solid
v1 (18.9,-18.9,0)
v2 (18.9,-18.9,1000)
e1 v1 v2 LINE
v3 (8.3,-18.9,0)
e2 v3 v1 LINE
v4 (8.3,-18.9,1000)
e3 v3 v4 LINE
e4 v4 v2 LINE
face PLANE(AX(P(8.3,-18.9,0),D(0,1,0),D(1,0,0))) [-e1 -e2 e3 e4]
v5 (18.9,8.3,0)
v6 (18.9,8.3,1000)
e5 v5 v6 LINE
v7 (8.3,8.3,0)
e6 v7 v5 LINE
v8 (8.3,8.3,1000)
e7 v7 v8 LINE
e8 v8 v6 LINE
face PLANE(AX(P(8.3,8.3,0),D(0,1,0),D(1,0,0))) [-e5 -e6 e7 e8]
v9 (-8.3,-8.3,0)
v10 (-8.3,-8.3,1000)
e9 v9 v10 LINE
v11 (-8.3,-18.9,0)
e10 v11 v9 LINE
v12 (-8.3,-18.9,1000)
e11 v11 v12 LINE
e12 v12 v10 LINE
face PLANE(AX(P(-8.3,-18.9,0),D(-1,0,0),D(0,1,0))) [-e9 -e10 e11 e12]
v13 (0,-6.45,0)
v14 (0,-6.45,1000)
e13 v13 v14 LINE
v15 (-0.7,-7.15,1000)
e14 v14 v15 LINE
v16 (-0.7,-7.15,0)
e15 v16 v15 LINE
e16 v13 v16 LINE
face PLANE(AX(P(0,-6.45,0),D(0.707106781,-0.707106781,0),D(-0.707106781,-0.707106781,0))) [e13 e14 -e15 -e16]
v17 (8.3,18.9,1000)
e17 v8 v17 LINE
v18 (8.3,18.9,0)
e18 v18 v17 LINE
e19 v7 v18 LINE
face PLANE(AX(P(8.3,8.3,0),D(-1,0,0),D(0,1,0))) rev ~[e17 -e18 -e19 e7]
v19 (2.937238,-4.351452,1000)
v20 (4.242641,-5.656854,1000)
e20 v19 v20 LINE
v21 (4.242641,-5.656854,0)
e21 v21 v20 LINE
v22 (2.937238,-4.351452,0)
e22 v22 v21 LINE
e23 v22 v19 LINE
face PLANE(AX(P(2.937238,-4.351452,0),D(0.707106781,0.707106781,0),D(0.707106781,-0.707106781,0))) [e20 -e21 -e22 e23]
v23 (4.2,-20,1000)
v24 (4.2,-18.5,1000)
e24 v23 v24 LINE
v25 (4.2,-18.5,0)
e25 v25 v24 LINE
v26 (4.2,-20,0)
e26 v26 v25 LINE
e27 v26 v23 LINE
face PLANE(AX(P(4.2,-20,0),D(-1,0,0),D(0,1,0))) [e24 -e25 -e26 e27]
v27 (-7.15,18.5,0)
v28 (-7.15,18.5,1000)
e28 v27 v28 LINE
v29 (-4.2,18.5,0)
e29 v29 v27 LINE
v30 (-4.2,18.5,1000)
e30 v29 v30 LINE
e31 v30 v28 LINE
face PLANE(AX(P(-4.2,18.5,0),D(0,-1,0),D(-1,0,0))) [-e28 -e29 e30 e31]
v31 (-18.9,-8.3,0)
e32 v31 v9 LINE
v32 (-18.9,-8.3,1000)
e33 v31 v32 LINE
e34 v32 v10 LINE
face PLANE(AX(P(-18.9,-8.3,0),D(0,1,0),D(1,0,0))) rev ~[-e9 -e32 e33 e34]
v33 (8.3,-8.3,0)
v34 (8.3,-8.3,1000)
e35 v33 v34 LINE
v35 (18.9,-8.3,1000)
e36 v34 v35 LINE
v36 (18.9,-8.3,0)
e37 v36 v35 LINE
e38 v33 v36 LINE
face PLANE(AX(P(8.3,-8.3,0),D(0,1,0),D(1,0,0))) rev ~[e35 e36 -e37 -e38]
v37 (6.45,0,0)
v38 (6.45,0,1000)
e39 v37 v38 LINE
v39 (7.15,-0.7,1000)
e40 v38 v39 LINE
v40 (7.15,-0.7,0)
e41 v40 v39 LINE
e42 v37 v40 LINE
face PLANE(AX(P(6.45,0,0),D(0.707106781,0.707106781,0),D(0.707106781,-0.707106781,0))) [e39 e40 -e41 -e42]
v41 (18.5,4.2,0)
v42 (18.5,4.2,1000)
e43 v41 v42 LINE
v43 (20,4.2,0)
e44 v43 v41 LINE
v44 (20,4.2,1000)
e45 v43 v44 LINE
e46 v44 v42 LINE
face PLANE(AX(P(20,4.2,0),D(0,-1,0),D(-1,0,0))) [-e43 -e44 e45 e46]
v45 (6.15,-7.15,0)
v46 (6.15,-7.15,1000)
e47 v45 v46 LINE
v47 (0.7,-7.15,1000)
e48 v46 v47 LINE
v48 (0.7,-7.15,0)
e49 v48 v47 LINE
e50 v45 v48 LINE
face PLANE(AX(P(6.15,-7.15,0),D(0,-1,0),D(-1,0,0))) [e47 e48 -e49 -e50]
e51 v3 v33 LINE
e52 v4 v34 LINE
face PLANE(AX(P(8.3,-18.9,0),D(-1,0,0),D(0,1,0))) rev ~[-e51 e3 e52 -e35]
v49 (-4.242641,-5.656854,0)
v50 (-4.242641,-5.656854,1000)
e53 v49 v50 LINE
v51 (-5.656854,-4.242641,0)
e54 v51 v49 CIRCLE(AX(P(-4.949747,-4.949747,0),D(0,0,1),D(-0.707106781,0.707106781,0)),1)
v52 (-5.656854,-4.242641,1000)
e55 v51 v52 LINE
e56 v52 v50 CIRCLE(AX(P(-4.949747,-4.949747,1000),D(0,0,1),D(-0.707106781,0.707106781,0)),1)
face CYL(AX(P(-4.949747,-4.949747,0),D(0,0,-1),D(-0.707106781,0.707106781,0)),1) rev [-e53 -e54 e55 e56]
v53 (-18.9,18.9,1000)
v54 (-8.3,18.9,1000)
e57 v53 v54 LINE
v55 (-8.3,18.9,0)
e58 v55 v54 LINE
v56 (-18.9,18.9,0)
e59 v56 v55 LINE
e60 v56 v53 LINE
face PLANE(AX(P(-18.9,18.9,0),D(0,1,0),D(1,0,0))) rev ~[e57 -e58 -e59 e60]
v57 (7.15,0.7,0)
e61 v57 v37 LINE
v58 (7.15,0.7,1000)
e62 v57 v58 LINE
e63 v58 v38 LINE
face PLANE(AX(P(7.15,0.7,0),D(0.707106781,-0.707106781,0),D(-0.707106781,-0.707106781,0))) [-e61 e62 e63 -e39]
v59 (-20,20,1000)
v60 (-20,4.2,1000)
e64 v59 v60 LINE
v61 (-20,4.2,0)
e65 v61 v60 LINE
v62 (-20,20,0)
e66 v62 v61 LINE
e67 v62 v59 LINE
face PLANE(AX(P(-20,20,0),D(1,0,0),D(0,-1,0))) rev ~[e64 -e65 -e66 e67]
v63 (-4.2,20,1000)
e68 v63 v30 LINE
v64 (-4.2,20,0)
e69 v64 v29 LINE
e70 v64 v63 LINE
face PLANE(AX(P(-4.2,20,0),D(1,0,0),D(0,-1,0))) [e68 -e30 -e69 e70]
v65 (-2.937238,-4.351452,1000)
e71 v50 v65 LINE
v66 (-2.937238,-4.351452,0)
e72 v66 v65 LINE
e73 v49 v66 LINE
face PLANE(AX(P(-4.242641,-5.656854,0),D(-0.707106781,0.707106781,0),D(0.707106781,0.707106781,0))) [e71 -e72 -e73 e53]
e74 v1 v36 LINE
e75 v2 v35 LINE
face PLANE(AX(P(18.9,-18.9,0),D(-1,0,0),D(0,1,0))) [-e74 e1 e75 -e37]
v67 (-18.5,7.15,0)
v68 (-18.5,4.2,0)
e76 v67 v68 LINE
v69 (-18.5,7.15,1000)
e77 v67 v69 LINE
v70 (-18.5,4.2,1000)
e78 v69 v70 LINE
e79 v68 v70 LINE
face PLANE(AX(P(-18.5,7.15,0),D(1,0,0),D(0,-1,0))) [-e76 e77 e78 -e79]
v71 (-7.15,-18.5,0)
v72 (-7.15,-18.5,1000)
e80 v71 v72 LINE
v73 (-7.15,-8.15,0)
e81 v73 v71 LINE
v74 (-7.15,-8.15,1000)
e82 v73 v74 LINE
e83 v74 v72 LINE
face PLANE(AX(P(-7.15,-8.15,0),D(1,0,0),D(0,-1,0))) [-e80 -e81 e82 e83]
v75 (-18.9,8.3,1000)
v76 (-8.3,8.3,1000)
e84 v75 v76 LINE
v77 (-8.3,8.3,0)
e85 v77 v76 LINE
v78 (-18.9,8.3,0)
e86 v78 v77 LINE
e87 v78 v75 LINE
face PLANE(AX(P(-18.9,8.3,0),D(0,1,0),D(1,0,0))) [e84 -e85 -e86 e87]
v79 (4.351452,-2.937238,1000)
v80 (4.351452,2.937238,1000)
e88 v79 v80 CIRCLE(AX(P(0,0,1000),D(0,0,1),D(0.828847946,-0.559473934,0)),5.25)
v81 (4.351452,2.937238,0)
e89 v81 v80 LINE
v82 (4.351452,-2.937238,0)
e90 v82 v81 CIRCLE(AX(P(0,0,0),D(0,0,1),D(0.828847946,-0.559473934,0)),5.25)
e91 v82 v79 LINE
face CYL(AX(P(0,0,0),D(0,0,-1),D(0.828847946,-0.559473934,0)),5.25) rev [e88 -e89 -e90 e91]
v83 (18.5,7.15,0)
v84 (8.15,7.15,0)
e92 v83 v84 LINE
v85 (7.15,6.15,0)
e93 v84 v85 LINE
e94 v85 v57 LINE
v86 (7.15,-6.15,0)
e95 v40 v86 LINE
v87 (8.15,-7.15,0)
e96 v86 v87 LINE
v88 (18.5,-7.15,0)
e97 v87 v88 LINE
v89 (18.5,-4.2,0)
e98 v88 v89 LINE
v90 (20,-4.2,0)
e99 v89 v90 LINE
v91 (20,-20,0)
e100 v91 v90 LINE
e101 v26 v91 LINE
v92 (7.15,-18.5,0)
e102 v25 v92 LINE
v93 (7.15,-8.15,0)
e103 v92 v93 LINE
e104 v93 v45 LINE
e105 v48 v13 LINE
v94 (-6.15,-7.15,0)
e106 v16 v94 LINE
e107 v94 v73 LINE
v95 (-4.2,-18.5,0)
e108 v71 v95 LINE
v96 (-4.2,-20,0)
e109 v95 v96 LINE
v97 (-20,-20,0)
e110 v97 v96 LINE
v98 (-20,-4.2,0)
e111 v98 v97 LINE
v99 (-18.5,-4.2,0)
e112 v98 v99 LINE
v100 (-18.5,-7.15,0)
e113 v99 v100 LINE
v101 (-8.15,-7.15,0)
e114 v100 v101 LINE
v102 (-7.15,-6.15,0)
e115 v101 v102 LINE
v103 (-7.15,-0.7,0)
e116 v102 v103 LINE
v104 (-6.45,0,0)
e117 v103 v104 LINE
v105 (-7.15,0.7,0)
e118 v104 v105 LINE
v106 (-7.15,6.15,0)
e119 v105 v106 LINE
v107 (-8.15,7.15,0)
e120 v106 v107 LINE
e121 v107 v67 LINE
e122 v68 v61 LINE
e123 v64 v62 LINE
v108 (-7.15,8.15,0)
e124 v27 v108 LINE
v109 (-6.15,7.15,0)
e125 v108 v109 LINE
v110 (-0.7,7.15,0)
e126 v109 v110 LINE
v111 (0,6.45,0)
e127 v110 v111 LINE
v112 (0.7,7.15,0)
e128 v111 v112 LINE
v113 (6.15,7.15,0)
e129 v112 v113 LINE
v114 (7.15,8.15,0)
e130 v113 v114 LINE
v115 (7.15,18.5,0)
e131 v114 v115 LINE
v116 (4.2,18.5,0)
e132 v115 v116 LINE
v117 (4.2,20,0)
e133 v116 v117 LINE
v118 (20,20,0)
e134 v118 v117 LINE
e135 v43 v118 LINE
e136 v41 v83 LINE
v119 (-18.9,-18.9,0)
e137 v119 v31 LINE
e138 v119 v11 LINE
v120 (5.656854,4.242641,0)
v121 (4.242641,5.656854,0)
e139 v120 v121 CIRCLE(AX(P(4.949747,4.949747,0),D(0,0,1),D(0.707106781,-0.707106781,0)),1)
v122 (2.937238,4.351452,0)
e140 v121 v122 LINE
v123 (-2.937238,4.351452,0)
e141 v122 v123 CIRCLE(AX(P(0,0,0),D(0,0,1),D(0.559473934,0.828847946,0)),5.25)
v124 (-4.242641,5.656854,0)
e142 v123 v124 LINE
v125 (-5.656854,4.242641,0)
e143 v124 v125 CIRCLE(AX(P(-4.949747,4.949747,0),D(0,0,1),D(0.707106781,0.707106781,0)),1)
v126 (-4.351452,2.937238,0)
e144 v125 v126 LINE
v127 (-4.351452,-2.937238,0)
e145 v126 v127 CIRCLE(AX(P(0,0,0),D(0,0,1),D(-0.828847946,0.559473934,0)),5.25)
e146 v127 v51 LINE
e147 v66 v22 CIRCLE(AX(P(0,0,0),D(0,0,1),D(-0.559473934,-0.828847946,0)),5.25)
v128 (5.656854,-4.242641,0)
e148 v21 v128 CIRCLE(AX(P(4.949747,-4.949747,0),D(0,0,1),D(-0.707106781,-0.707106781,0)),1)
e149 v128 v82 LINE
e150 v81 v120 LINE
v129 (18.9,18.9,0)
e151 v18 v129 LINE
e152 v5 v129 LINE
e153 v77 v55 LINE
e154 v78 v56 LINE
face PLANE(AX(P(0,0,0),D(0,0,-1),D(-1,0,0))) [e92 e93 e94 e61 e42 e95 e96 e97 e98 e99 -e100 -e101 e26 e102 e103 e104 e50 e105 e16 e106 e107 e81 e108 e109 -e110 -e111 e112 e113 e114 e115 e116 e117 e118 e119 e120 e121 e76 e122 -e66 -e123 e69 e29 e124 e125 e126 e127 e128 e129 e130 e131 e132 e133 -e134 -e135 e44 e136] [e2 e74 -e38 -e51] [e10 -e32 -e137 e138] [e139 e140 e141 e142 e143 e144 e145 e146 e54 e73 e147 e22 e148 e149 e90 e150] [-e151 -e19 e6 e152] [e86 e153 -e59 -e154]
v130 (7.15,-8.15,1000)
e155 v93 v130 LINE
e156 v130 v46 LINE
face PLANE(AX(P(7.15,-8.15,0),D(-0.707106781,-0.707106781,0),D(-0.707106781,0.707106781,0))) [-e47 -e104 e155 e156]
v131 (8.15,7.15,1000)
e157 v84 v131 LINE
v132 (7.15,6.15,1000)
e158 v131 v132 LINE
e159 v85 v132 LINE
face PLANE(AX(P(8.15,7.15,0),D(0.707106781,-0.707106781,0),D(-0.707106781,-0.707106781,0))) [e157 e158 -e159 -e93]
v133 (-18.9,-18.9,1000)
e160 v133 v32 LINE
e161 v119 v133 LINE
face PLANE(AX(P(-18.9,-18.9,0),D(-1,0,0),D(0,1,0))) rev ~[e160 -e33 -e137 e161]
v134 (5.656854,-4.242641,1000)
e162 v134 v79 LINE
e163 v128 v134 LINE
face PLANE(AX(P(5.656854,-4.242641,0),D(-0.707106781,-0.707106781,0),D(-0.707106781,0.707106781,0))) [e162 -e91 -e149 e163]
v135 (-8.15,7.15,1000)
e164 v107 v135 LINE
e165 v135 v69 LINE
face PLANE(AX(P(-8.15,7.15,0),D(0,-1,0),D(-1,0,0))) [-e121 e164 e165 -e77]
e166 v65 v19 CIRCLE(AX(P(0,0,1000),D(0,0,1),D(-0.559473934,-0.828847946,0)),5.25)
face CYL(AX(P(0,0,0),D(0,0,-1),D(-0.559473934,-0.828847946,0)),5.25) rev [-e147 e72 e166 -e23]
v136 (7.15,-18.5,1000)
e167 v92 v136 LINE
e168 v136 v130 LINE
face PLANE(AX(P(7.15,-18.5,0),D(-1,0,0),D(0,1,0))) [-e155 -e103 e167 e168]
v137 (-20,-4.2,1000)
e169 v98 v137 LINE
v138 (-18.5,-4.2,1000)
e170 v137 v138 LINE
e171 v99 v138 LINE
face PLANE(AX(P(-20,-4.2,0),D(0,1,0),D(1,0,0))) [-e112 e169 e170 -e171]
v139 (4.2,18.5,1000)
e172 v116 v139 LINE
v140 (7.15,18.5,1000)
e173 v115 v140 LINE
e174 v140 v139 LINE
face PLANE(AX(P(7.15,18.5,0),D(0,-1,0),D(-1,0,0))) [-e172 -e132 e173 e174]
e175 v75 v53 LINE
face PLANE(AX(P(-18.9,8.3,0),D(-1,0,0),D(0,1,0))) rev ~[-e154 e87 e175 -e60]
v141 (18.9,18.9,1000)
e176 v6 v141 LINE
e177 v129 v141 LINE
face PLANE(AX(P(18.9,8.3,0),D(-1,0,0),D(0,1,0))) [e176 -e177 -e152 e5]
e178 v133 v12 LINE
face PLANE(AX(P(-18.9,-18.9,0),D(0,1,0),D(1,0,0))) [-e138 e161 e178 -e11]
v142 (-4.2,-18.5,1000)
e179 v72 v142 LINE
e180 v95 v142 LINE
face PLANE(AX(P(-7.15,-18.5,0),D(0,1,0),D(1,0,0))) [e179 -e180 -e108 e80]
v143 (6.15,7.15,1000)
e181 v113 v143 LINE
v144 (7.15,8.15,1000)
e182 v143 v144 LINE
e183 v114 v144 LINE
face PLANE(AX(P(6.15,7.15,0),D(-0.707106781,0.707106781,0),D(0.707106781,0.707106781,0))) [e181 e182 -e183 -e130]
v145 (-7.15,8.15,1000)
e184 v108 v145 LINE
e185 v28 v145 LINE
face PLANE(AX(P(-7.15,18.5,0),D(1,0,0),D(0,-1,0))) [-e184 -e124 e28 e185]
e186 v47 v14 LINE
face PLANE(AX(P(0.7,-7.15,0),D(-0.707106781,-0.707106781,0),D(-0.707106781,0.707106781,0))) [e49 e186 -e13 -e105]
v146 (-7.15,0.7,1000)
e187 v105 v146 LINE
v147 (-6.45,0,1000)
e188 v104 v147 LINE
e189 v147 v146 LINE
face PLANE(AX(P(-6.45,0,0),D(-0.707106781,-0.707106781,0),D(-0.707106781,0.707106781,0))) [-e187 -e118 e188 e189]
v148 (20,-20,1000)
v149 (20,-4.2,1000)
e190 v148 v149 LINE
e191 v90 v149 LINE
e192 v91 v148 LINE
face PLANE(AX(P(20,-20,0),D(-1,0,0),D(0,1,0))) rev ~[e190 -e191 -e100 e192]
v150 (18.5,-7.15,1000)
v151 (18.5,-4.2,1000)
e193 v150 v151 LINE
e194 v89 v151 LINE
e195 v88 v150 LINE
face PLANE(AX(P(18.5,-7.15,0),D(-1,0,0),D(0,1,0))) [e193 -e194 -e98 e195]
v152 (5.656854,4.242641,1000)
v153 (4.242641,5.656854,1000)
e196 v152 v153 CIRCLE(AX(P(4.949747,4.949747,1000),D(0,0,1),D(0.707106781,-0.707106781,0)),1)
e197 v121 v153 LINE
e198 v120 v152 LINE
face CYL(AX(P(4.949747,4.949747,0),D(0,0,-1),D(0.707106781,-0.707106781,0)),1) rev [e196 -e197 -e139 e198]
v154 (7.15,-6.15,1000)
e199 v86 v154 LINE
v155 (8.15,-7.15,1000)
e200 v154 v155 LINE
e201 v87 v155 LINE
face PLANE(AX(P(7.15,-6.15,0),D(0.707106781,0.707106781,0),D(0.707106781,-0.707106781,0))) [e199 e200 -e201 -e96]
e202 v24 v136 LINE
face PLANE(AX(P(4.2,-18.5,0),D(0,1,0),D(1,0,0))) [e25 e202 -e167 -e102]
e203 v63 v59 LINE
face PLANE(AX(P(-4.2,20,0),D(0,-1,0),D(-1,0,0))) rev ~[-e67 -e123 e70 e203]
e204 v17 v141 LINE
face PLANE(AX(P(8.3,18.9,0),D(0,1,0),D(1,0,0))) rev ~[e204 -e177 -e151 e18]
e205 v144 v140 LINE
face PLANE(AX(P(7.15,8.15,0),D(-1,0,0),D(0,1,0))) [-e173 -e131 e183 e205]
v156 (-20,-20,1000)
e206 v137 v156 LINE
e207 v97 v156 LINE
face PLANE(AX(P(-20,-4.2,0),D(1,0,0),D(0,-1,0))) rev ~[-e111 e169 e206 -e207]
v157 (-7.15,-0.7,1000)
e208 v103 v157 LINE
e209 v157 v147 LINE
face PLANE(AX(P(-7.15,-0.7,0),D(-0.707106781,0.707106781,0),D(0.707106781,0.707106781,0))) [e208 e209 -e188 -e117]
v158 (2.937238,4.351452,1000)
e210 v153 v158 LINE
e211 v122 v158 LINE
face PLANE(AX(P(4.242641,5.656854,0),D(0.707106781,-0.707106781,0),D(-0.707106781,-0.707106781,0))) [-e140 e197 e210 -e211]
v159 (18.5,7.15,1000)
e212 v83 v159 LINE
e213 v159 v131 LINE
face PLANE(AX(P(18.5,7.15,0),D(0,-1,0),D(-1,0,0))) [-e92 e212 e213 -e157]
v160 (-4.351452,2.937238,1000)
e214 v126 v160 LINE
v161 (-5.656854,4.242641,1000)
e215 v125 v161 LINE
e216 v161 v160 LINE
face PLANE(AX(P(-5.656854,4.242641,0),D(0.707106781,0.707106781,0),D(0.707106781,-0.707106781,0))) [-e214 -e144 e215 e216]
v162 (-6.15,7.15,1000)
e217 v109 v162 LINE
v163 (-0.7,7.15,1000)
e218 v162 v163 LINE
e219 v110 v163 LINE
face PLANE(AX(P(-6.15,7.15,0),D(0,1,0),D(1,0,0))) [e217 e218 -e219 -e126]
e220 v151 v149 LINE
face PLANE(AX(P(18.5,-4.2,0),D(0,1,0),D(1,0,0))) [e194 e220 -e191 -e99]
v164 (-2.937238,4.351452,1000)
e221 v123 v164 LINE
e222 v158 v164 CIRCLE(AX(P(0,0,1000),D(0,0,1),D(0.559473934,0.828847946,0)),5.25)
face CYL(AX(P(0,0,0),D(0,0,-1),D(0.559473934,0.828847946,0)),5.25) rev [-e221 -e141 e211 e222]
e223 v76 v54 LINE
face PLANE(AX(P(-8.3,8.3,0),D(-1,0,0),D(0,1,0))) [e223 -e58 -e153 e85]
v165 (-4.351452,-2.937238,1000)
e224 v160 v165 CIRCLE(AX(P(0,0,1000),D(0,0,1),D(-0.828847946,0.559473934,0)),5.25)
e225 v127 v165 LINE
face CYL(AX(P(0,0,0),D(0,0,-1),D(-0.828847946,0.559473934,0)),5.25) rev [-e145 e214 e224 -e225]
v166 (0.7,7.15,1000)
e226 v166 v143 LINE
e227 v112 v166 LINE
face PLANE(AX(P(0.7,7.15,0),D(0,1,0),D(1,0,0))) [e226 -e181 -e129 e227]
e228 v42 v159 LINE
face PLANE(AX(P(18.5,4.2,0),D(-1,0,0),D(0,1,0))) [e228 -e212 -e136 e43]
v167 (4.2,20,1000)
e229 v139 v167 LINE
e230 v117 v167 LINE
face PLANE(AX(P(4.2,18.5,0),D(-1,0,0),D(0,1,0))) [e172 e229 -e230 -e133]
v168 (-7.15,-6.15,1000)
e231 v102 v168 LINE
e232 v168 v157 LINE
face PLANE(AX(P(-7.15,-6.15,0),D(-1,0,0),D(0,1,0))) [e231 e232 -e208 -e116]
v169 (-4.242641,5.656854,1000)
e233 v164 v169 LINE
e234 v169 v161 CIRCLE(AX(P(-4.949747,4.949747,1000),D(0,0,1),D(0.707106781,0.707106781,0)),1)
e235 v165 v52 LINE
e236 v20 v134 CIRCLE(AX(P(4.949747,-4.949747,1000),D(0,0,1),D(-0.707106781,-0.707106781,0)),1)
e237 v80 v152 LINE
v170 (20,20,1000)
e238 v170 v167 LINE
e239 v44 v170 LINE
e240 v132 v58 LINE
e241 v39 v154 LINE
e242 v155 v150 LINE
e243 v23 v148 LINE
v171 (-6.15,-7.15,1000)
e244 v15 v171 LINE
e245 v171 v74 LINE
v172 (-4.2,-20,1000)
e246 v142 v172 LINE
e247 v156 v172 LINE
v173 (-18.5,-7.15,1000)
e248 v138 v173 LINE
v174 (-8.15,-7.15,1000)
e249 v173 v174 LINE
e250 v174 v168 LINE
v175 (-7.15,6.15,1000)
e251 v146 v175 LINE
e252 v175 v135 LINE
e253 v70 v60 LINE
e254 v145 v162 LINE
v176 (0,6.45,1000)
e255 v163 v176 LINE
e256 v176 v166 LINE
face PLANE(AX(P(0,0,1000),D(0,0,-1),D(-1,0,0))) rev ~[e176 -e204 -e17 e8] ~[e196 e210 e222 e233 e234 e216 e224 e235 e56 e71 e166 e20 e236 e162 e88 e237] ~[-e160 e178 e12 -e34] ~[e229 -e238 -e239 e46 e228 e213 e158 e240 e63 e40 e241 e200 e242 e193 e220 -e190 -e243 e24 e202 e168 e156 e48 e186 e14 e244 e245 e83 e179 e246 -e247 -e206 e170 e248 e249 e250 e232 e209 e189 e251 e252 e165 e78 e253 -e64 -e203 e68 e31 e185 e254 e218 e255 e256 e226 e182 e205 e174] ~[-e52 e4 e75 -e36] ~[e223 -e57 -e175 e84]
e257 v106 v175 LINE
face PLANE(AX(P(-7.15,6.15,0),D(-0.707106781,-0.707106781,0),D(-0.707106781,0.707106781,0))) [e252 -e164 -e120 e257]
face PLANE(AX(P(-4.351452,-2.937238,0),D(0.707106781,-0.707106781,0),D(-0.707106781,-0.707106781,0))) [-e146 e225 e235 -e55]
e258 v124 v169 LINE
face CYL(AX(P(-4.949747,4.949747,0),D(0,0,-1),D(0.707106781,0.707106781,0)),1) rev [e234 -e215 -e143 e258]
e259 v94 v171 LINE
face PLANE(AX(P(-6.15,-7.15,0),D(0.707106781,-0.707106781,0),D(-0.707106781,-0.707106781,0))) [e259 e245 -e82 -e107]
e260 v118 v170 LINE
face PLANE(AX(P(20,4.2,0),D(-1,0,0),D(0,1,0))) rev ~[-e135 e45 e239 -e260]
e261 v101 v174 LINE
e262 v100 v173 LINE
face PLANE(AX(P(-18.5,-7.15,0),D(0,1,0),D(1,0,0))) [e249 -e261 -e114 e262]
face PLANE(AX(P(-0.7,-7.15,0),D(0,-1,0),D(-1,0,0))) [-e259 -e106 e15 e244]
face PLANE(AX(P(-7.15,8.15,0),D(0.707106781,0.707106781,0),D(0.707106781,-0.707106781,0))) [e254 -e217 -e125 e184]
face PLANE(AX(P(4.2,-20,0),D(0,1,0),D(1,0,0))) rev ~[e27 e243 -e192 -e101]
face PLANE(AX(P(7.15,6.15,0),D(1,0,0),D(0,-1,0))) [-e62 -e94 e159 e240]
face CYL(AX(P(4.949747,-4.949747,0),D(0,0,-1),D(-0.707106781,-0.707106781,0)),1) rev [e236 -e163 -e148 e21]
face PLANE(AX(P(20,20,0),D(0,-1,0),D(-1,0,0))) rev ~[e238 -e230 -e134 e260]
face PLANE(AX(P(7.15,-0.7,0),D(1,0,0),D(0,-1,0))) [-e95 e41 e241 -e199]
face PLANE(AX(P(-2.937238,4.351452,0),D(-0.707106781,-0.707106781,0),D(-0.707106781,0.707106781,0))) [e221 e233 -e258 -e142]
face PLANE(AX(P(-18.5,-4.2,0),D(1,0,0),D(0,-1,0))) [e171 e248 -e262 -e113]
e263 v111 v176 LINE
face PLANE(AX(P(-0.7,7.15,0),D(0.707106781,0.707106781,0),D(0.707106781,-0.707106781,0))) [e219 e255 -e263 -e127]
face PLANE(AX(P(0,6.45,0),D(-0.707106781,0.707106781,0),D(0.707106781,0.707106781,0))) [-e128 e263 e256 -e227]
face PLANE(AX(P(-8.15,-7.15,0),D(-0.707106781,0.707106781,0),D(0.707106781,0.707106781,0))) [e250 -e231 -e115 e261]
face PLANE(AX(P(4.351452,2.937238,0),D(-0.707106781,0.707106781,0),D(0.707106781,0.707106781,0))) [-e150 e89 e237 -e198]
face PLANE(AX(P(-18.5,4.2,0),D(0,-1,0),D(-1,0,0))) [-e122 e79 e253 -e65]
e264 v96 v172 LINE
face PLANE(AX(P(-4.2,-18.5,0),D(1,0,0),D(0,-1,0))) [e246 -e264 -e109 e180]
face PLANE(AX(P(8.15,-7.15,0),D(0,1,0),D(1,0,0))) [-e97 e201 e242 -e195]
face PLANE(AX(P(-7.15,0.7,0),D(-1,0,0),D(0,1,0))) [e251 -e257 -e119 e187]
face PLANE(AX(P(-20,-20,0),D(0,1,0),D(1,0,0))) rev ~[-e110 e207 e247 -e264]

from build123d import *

# Parameters (mm, degrees)
SKETCH_1_W      = 10.6
SKETCH_1_H      = 10.6
EXTRUDE_1_DEPTH = 1000


with BuildPart() as part:
    # Эскиз1 → Бобышка-Вытянуть1 (new body)
    with BuildSketch(Plane.XY):
        Polygon((-20, 7.15), (-20, 20), (-7.15, 20), (-4.2, 20), (-4.2, 18.5), (-7.15, 18.5), (-7.15, 8.15), (-6.15, 7.15), (-0.7, 7.15), (0, 6.45), (0.7, 7.15), (6.15, 7.15), (7.15, 8.15), (7.15, 18.5), (4.2, 18.5), (4.2, 20), (7.15, 20), (20, 20), (20, 7.15), (20, 4.2), (18.5, 4.2), (18.5, 7.15), (8.15, 7.15), (7.15, 6.15), (7.15, 0.7), (6.45, 0), (7.15, -0.7), (7.15, -6.15), (8.15, -7.15), (18.5, -7.15), (18.5, -4.2), (20, -4.2), (20, -7.15), (20, -20), (7.15, -20), (4.2, -20), (4.2, -18.5), (7.15, -18.5), (7.15, -8.15), (6.15, -7.15), (0.7, -7.15), (0, -6.45), (-0.7, -7.15), (-6.15, -7.15), (-7.15, -8.15), (-7.15, -18.5), (-4.2, -18.5), (-4.2, -20), (-7.15, -20), (-20, -20), (-20, -7.15), (-20, -4.2), (-18.5, -4.2), (-18.5, -7.15), (-8.15, -7.15), (-7.15, -6.15), (-7.15, -0.7), (-6.45, 0), (-7.15, 0.7), (-7.15, 6.15), (-8.15, 7.15), (-18.5, 7.15), (-18.5, 4.2), (-20, 4.2), align=None)
        with Locations((13.6, 13.6)):
            Rectangle(SKETCH_1_W, SKETCH_1_H, mode=Mode.SUBTRACT)
        with Locations((-13.6, 13.6)):
            Rectangle(SKETCH_1_W, SKETCH_1_H, mode=Mode.SUBTRACT)
        with Locations((13.6, -13.6)):
            Rectangle(SKETCH_1_W, SKETCH_1_H, mode=Mode.SUBTRACT)
        with Locations((-13.6, -13.6)):
            Rectangle(SKETCH_1_W, SKETCH_1_H, mode=Mode.SUBTRACT)
        with BuildLine():
            Line((4.242640687, 5.656854249), (2.937238153, 4.351451715))
            ThreePointArc((2.937238153, 4.351451715), (0, 5.25), (-2.937238153, 4.351451715))
            Line((-2.937238153, 4.351451715), (-4.242640687, 5.656854249))
            ThreePointArc((-4.242640687, 5.656854249), (-5.656854249, 5.656854249), (-5.656854249, 4.242640687))
            Line((-5.656854249, 4.242640687), (-4.351451715, 2.937238153))
            ThreePointArc((-4.351451715, 2.937238153), (-5.25, 0), (-4.351451715, -2.937238153))
            Line((-4.351451715, -2.937238153), (-5.656854249, -4.242640687))
            ThreePointArc((-5.656854249, -4.242640687), (-5.656854249, -5.656854249), (-4.242640687, -5.656854249))
            Line((-4.242640687, -5.656854249), (-2.937238153, -4.351451715))
            ThreePointArc((-2.937238153, -4.351451715), (0, -5.25), (2.937238153, -4.351451715))
            Line((2.937238153, -4.351451715), (4.242640687, -5.656854249))
            ThreePointArc((4.242640687, -5.656854249), (5.656854249, -5.656854249), (5.656854249, -4.242640687))
            Line((5.656854249, -4.242640687), (4.351451715, -2.937238153))
            ThreePointArc((4.351451715, -2.937238153), (5.25, 0), (4.351451715, 2.937238153))
            Line((4.351451715, 2.937238153), (5.656854249, 4.242640687))
            ThreePointArc((5.656854249, 4.242640687), (5.656854249, 5.656854249), (4.242640687, 5.656854249))
        make_face(mode=Mode.SUBTRACT)
    extrude(amount=EXTRUDE_1_DEPTH)


solid = part.part
